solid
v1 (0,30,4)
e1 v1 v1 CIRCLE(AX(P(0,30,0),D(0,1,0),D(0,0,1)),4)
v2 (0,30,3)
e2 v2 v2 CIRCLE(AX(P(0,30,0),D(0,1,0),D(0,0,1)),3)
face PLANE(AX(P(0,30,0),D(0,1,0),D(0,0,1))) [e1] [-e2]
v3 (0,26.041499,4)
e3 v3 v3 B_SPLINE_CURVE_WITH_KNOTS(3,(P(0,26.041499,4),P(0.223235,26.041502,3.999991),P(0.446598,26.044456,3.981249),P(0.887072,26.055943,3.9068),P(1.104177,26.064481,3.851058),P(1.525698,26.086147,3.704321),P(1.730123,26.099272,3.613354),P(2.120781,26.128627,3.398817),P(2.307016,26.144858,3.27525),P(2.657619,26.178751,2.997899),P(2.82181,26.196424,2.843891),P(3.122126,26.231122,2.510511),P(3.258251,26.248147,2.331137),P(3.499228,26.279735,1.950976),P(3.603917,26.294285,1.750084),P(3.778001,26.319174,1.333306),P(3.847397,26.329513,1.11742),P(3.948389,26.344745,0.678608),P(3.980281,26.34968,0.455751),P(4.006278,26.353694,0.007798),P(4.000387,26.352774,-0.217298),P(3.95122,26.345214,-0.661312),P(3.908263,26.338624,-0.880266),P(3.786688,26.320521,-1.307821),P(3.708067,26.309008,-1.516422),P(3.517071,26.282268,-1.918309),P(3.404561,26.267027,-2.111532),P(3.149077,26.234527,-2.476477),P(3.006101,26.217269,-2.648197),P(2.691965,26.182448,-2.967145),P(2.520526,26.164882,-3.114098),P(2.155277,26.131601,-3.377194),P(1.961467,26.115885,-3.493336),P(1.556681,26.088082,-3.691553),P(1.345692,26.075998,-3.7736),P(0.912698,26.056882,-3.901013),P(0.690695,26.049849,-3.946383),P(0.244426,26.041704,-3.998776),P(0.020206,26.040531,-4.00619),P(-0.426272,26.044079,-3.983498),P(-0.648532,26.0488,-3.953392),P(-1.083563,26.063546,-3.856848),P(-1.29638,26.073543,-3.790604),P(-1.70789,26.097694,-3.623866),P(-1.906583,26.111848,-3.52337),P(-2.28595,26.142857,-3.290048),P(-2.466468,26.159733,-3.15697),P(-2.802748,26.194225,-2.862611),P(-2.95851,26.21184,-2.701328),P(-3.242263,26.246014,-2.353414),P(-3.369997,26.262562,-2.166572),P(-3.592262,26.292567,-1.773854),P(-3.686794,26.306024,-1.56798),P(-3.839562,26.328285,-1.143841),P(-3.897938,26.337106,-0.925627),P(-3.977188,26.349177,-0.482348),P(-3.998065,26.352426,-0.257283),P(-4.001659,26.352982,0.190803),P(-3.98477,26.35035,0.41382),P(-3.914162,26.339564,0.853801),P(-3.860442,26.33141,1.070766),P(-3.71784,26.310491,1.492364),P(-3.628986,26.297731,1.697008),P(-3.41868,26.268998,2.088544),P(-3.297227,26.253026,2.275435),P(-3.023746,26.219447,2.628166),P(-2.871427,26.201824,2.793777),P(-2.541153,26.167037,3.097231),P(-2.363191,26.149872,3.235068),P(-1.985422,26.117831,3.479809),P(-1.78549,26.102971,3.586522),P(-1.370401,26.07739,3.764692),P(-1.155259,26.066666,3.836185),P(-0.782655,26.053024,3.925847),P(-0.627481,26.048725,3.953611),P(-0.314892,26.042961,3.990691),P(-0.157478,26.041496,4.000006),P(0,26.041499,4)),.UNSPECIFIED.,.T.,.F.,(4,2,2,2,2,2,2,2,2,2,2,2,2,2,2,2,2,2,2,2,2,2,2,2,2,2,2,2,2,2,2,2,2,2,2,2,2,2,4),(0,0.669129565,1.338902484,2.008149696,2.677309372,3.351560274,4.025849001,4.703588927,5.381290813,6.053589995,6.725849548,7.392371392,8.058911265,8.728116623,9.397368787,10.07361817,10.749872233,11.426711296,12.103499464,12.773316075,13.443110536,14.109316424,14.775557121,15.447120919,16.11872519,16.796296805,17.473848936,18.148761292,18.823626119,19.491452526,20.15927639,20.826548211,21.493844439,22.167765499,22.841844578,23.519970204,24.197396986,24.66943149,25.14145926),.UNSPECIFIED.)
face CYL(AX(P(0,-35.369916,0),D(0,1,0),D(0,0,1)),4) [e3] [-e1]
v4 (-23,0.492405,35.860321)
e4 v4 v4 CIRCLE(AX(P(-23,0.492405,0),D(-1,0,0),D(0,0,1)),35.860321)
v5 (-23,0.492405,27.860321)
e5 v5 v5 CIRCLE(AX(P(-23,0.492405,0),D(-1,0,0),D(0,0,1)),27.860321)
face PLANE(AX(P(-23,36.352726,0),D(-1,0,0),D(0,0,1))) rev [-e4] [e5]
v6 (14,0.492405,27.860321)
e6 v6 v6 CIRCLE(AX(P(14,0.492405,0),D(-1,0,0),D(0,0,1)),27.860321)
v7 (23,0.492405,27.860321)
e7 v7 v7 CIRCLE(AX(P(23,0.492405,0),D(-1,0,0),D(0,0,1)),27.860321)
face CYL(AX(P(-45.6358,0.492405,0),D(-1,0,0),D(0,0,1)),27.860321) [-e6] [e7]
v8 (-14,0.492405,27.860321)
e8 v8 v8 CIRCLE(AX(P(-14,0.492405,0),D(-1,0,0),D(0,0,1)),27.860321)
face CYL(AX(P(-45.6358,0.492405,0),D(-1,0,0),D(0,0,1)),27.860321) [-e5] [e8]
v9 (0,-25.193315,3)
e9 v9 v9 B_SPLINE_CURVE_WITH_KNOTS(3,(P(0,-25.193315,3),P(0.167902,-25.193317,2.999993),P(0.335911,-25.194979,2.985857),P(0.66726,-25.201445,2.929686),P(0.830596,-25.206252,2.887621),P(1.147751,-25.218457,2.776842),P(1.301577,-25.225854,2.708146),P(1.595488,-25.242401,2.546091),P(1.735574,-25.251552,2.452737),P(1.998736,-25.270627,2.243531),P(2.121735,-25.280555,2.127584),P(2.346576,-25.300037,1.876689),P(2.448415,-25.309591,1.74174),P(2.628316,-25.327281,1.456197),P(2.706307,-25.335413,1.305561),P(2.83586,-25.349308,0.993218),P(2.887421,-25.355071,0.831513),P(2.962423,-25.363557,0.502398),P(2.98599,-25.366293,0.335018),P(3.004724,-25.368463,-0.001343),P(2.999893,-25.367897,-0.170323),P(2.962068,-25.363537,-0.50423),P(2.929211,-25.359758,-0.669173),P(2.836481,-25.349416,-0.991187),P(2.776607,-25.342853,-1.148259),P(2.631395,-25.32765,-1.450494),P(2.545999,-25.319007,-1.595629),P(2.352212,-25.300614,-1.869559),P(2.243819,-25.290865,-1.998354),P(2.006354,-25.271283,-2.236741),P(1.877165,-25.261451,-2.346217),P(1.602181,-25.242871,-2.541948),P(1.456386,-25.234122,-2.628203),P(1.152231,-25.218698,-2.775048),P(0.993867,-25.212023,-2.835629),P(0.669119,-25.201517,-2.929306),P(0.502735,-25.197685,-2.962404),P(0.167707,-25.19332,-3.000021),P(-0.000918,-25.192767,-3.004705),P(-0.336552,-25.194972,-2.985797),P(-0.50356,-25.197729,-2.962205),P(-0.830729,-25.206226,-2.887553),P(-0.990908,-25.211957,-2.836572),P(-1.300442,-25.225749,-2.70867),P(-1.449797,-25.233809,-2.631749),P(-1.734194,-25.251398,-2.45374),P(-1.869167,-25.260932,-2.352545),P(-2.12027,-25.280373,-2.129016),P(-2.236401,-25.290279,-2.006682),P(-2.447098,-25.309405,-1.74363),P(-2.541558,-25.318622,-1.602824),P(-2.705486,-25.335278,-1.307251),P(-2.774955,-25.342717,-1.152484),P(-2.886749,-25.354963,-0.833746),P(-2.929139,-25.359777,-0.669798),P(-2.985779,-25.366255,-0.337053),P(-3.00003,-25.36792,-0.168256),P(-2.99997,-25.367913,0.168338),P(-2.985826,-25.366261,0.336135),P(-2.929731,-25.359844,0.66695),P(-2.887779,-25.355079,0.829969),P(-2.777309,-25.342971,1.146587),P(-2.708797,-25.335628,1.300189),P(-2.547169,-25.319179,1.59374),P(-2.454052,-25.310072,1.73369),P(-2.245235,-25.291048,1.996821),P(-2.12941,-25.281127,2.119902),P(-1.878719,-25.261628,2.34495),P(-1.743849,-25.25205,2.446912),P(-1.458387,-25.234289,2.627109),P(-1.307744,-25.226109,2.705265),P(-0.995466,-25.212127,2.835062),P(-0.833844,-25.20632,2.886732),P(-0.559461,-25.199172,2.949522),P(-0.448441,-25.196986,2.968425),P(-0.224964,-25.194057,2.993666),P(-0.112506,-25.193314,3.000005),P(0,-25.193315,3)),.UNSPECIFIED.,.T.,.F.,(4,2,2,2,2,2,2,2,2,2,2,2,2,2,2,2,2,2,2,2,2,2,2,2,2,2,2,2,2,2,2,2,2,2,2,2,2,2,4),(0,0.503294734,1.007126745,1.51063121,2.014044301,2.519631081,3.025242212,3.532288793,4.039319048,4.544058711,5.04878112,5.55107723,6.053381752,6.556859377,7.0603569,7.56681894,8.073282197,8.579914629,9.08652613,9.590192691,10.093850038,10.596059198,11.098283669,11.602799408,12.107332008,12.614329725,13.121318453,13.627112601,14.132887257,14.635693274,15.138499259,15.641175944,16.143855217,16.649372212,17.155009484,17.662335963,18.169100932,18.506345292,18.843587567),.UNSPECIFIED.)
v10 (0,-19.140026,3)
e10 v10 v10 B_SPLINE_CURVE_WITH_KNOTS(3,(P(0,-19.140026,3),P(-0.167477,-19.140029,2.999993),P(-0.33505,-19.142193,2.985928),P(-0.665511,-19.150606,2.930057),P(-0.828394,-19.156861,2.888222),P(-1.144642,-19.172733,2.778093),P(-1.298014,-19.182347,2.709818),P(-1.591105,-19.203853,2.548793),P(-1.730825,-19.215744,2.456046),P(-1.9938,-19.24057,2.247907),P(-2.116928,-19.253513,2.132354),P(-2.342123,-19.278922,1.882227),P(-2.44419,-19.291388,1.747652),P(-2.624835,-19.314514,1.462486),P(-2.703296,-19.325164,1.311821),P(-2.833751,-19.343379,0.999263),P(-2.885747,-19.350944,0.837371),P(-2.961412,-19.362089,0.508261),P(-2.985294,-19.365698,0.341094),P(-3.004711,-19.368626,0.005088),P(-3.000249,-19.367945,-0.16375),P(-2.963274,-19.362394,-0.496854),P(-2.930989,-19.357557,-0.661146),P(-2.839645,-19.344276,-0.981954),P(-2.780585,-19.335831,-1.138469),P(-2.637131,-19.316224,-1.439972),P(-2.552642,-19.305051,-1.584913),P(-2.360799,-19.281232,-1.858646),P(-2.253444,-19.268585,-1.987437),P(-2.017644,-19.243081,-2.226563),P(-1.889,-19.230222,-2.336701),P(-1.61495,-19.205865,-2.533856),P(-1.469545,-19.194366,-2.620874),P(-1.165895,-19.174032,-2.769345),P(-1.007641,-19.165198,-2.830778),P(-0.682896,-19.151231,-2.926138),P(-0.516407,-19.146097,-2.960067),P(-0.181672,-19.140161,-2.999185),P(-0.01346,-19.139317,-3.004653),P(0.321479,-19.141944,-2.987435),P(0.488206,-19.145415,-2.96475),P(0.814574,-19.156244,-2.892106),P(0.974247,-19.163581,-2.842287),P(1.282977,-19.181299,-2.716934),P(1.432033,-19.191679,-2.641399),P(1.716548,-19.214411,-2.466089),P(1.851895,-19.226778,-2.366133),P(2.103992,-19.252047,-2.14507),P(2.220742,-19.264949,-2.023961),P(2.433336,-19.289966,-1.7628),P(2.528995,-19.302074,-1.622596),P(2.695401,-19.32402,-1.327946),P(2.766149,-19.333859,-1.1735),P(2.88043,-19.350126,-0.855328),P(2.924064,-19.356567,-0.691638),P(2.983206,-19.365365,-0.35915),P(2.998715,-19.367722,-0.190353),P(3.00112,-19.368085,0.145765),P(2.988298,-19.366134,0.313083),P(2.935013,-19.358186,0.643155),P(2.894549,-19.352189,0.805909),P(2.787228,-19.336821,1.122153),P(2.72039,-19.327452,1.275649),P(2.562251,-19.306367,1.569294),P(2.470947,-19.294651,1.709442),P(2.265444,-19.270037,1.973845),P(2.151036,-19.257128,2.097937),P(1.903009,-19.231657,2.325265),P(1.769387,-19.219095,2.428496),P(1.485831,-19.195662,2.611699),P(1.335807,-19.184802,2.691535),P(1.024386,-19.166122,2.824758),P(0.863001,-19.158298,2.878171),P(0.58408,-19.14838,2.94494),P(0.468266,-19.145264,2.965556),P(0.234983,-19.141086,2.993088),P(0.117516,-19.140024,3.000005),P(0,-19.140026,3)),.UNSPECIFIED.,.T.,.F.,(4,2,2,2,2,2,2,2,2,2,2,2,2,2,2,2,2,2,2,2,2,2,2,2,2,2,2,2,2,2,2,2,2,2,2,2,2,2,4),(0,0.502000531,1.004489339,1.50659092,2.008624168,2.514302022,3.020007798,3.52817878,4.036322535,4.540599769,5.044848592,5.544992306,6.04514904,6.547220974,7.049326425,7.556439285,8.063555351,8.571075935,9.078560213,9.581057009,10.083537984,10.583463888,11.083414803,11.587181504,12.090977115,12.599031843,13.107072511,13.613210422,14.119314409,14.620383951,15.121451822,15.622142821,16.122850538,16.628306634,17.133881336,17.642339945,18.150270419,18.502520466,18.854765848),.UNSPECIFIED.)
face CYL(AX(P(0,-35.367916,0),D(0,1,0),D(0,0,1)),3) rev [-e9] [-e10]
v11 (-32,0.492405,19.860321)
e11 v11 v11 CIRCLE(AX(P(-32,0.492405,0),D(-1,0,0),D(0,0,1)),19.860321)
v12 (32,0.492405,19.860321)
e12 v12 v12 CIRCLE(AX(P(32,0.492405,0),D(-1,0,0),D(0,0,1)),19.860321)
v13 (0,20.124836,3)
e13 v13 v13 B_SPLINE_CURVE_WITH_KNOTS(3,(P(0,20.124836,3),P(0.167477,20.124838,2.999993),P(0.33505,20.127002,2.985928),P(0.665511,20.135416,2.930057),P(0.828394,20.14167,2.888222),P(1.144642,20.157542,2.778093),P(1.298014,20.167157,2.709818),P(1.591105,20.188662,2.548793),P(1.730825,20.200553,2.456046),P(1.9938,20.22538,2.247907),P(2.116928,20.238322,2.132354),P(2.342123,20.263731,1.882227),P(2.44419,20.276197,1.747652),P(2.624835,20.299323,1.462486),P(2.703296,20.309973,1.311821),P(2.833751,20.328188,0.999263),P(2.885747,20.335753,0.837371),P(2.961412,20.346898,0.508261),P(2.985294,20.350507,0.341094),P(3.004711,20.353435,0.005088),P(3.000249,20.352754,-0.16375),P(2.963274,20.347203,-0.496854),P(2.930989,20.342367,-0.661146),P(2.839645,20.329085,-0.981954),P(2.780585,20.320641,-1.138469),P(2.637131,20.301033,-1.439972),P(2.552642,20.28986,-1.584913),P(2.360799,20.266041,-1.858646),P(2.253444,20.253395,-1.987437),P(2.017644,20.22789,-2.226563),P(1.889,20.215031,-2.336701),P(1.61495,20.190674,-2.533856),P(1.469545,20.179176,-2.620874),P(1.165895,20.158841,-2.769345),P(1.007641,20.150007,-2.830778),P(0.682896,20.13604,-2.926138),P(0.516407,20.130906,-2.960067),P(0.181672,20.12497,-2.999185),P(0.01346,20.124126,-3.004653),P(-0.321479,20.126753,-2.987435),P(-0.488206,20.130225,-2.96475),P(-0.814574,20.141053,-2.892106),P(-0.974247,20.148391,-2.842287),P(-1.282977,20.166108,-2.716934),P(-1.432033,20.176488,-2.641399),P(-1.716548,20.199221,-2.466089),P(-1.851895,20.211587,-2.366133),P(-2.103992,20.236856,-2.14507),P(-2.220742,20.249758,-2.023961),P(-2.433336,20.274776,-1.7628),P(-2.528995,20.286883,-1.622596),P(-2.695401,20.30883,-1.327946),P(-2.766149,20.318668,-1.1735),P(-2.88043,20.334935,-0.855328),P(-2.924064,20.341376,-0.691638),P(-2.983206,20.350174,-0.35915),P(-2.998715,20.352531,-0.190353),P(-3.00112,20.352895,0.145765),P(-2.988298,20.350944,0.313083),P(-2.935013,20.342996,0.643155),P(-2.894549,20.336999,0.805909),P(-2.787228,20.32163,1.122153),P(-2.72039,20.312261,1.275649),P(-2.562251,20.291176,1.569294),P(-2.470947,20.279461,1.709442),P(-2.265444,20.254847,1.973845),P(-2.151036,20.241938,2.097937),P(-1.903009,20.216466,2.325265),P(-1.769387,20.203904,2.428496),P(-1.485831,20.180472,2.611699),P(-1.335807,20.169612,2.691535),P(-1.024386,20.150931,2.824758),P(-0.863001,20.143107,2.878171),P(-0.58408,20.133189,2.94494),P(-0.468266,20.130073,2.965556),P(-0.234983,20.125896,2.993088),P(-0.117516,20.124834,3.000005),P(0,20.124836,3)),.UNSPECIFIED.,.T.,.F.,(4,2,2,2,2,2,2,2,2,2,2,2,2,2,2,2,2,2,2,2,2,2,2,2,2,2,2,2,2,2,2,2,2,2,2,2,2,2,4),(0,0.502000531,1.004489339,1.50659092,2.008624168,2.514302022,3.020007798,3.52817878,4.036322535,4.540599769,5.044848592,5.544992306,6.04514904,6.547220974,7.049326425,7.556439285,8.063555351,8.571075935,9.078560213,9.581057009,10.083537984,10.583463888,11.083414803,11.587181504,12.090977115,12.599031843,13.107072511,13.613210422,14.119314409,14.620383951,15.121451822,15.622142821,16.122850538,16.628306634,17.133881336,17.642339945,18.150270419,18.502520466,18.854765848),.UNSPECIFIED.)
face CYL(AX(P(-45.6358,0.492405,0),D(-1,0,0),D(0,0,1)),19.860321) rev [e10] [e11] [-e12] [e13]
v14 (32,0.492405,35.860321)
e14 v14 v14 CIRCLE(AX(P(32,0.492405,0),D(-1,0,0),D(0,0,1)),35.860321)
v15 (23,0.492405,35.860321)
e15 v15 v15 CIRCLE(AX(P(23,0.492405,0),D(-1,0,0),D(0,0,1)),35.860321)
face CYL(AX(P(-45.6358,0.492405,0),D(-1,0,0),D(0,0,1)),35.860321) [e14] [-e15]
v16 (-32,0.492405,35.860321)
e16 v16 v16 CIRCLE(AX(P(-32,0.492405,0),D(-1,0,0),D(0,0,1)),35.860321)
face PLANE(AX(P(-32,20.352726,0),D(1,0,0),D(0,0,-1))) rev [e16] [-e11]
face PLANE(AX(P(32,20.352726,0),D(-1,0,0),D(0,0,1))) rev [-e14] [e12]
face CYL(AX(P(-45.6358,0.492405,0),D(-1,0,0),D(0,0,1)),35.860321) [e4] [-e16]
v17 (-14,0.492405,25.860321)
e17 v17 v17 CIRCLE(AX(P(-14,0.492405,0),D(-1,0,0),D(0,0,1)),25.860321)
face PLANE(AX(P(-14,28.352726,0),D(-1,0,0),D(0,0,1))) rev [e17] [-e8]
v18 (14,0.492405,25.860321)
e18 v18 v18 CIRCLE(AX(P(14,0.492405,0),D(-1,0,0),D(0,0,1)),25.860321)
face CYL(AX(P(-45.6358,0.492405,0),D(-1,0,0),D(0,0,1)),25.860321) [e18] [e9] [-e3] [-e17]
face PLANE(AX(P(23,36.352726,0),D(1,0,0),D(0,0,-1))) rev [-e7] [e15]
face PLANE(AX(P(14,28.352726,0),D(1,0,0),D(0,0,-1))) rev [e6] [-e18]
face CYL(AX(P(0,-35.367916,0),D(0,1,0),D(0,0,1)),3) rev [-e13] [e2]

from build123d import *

# Parameters (mm, degrees)
CUT_EXTRUDE1_DEPTH       = 61.261789517
CUT_EXTRUDE1_DEPTH_BACK  = 61.261789517
SKETCH2_R                = 3
BOSS_EXTRUDE1_REACH      = 83.135
BOSS_EXTRUDE1_END_RADIUS = 25.86032094
SKETCH3_R                = 4
SKETCH3_R_2              = 3


with BuildPart() as part:
    # Sketch1 → Revolve1 (revolve)
    with BuildSketch(Plane.XY, mode=Mode.PRIVATE) as revolve1_sk:
        Polygon((-32, 20.352725591), (32, 20.352725591), (32, 36.352725591), (23, 36.352725591), (23, 28.352725591), (14, 28.352725591), (14, 26.352725591), (-14, 26.352725591), (-14, 28.352725591), (-23, 28.352725591), (-23, 36.352725591), (-32, 36.352725591), align=None)
    revolve(revolve1_sk.sketch.rotate(Axis((-45.635800038, 0.492404651, 0), (1, 0, 0)), 90), axis=Axis((-45.635800038, 0.492404651, 0), (1, 0, 0)))

    # Sketch2 → Cut-Extrude1 (cut, two sides: drawn at the far end of the back side and taken through both)
    with BuildSketch(Plane(origin=(0, 0, 0), x_dir=(1, 0, 0), z_dir=(0, 1, 0)).offset(-CUT_EXTRUDE1_DEPTH_BACK)):
        with Locations(Location((0, 0, 0), (0, 0, 270))):
            Circle(SKETCH2_R)
    extrude(amount=CUT_EXTRUDE1_DEPTH + CUT_EXTRUDE1_DEPTH_BACK, mode=Mode.SUBTRACT)

    # Boss-Extrude1: up to this cylinder (the profile starts outside it)
    boss_extrude1_end = Plane(origin=(0, 0.492404651, 0), z_dir=(-1, 0, 0)) * Cylinder(BOSS_EXTRUDE1_END_RADIUS, 218.99064188, mode=Mode.PRIVATE)
    # Sketch3 → Boss-Extrude1 (add, up to the surface)
    with BuildSketch(Plane(origin=(0, 30, 0), x_dir=(1, 0, 0), z_dir=(0, 1, 0)), mode=Mode.PRIVATE) as boss_extrude1_sk1:
        with Locations(Location((0, 0, 0), (0, 0, 270))):
            Circle(SKETCH3_R)
        with Locations(Location((0, 0, 0), (0, 0, 270))):
            Circle(SKETCH3_R_2, mode=Mode.SUBTRACT)
    boss_extrude1_tool1 = extrude(boss_extrude1_sk1.sketch, amount=-BOSS_EXTRUDE1_REACH, mode=Mode.PRIVATE) - boss_extrude1_end
    add(boss_extrude1_tool1.solids().sort_by_distance((0, 30, -3.886863))[0])


solid = part.part
